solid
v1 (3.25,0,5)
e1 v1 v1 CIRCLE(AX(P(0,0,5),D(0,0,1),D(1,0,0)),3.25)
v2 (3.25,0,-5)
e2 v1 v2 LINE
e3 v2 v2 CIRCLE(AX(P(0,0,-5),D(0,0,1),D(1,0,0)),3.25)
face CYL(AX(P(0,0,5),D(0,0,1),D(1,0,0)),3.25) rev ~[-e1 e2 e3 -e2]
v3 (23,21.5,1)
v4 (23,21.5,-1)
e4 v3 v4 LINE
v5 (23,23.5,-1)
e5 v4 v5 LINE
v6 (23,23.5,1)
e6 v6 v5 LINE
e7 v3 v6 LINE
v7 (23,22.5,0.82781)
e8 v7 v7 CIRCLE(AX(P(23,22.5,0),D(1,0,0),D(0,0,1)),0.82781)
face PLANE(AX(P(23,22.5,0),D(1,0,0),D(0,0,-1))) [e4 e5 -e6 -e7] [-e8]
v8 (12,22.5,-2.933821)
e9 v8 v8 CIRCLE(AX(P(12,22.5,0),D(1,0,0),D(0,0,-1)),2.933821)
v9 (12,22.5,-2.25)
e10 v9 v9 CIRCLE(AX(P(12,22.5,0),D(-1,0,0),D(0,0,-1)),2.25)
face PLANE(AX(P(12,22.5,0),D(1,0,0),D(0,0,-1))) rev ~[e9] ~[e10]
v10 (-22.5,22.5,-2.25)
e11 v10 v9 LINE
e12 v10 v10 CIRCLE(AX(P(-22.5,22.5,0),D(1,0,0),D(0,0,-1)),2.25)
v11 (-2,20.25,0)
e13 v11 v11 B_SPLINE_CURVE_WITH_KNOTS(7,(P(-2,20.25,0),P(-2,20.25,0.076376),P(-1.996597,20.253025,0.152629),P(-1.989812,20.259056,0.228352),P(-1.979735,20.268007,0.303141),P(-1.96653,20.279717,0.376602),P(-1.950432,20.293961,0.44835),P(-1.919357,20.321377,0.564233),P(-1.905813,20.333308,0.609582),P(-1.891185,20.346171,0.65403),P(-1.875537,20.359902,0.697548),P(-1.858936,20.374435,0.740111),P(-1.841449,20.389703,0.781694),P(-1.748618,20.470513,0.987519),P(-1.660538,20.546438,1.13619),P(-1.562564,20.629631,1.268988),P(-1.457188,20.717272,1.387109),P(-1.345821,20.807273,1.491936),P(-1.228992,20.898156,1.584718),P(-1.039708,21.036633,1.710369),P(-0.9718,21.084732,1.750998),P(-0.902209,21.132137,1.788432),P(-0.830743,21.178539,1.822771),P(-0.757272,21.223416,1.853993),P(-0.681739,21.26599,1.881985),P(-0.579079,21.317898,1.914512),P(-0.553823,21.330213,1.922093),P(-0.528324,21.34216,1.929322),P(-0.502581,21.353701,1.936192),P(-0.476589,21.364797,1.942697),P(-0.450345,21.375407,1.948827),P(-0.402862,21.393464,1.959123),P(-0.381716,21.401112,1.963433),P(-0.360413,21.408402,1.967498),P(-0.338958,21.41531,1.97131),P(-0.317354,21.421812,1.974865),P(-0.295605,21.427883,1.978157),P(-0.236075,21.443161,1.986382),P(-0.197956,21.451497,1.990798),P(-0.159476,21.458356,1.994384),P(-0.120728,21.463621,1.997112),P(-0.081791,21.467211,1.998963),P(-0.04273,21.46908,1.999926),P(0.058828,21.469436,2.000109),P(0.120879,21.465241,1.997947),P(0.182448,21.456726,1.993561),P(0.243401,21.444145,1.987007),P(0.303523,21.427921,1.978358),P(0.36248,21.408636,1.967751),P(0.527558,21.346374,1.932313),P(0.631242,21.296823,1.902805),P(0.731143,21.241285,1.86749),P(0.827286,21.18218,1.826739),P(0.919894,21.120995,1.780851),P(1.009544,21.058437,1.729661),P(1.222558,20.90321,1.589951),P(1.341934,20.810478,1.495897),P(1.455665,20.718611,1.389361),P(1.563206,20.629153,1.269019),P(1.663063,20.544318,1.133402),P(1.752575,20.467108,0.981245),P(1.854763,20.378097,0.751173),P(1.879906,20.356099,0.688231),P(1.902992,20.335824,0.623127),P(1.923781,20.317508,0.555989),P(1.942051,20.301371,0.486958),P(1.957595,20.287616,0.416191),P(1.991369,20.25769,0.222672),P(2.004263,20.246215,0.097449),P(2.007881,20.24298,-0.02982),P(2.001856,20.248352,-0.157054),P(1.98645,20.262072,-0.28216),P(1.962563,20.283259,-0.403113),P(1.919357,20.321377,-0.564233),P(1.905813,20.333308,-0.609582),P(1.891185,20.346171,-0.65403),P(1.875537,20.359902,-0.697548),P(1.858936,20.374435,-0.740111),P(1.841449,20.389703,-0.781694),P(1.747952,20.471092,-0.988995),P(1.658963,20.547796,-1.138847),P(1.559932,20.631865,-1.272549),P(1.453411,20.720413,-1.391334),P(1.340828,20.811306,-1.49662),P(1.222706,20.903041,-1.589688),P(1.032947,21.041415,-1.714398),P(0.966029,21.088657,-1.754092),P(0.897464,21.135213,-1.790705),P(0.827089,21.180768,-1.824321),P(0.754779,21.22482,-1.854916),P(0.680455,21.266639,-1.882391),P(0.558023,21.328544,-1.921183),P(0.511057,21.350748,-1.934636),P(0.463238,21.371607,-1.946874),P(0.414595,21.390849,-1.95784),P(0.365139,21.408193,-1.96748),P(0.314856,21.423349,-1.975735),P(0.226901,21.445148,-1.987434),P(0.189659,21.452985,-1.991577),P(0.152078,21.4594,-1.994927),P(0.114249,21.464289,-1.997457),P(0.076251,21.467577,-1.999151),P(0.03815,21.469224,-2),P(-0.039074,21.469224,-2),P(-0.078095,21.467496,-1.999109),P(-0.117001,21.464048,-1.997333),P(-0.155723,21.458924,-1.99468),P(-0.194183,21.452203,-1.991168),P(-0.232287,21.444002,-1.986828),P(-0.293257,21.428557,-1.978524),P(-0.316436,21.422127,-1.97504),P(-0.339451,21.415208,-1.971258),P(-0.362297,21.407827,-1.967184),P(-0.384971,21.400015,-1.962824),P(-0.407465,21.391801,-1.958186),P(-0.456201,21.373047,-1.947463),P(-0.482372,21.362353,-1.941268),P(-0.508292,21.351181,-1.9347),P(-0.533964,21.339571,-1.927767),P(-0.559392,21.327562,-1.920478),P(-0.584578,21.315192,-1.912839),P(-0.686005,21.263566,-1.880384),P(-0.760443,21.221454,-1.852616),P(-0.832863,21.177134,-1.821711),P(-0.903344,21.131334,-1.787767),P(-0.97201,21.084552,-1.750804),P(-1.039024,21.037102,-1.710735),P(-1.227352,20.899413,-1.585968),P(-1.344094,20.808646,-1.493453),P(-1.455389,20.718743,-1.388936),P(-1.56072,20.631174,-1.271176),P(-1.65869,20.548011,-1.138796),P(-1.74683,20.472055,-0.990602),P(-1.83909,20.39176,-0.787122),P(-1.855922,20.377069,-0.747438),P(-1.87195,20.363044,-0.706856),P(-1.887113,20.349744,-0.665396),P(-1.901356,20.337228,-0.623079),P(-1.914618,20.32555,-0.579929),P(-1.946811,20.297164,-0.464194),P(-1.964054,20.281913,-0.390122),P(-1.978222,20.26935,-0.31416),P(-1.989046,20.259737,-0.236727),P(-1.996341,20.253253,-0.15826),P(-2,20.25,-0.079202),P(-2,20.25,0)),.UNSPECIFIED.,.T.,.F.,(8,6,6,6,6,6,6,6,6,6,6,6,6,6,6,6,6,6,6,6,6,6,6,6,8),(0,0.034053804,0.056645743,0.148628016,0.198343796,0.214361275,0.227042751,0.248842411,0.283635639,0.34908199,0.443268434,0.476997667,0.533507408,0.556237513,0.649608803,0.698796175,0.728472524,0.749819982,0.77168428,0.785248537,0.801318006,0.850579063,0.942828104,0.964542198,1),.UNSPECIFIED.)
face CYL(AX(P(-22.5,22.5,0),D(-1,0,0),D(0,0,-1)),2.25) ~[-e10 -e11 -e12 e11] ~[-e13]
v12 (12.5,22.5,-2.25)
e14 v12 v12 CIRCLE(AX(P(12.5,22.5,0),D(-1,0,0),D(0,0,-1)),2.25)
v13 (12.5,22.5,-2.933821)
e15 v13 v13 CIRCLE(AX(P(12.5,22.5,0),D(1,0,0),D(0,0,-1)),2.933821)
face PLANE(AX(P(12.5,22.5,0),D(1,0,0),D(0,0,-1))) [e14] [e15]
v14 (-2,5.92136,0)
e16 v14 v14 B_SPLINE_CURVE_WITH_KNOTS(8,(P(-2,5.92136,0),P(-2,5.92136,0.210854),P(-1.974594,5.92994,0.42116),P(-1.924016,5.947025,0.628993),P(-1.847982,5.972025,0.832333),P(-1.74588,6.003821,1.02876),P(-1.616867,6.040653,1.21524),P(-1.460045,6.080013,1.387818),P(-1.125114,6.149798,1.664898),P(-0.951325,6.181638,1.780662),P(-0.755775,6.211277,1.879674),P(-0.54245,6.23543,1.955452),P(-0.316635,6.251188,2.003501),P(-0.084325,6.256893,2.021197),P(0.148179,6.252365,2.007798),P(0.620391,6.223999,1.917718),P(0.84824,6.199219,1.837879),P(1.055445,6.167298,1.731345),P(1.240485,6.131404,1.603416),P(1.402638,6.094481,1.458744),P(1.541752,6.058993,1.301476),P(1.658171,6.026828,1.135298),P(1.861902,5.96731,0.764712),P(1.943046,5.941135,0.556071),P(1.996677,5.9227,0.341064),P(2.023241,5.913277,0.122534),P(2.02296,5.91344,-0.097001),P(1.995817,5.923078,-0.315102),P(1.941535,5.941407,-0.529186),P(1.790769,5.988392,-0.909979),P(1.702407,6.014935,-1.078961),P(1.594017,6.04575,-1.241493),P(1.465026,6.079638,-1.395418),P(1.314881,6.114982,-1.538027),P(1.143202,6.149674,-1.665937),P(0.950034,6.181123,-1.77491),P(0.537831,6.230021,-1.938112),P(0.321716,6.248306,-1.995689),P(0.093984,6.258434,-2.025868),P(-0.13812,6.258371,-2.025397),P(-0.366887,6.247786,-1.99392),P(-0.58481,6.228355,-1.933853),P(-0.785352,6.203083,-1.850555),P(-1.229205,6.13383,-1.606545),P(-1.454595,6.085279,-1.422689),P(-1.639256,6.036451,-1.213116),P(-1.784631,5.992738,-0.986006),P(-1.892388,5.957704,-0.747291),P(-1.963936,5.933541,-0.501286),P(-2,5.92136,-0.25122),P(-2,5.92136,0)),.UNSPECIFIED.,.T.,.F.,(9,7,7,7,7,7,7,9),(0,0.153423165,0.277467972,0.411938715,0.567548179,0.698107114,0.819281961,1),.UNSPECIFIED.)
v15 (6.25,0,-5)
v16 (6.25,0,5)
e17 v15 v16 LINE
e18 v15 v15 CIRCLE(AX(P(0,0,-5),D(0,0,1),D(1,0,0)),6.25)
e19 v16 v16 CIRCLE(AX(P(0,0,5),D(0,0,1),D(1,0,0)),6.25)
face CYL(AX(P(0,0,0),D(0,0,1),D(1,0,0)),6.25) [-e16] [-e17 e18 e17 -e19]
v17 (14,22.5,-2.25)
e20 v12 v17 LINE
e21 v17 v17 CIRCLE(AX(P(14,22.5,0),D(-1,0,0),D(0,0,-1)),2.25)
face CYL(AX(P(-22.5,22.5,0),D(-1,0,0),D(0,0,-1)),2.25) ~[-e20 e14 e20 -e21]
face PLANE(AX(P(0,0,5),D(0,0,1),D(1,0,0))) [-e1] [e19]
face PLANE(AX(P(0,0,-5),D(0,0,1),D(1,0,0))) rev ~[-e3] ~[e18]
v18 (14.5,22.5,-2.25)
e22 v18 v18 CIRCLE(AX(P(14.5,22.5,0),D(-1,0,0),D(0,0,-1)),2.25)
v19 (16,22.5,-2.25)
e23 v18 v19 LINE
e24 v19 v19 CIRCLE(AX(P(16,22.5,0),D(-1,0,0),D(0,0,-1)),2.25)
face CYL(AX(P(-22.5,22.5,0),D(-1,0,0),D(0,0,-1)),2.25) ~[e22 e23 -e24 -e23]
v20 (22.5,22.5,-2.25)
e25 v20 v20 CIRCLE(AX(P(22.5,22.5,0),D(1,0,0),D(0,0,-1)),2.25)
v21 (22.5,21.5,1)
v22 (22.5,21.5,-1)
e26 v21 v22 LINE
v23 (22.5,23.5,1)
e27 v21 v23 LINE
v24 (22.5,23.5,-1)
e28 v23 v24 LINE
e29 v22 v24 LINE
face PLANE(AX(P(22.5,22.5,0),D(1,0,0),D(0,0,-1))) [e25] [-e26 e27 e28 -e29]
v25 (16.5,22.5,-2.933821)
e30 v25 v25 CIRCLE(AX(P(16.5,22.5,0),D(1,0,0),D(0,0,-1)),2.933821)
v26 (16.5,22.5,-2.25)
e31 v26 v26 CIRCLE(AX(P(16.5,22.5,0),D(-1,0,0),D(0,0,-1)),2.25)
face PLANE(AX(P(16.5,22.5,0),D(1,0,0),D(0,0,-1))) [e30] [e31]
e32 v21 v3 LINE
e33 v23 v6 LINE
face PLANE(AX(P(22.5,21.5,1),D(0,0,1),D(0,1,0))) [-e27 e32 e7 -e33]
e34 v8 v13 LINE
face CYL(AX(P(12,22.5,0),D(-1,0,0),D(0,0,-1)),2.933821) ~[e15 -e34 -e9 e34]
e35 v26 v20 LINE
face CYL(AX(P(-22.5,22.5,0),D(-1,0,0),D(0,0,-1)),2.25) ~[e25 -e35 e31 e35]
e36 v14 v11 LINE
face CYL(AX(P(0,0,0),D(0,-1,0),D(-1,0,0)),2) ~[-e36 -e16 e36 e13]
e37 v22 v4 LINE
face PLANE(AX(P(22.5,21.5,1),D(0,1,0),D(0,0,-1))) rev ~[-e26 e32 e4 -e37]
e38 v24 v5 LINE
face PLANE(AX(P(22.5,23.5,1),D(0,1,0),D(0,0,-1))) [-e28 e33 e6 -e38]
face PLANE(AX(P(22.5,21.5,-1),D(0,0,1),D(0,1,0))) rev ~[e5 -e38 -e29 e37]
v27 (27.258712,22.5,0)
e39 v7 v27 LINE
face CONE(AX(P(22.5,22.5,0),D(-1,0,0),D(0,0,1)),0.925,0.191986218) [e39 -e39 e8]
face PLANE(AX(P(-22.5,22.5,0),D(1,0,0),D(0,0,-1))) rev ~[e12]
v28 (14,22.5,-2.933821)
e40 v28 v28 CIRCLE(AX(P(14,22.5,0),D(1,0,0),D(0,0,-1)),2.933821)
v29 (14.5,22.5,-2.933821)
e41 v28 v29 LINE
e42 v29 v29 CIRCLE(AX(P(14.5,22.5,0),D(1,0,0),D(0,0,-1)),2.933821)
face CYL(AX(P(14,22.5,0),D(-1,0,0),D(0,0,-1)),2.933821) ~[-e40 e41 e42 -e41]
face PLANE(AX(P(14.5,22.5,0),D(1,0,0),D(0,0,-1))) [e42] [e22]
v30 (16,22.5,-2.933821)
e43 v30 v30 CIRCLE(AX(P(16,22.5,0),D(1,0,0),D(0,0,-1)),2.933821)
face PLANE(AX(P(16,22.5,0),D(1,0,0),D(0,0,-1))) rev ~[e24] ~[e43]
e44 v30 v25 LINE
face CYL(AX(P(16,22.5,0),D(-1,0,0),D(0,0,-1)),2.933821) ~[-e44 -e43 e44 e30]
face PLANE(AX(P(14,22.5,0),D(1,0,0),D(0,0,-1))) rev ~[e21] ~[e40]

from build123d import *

# Parameters (mm, degrees)
SKETCH2_R           = 6.25
EXTRUDE1_DEPTH      = 5
SKETCH3_R           = 2
EXTRUDE2_DEPTH      = 22.5
EXTRUDE3_DEPTH      = 22.5
EXTRUDE3_DEPTH_BACK = 22.5
SKETCH4_R           = 2.25
SKETCH5_R           = 2.933820517
EXTRUDE4_DEPTH      = 0.5
LPATTERN1_COUNT     = 3
LPATTERN1_PITCH     = 2
SKETCH9_W           = 2
SKETCH9_H           = 2
EXTRUDE6_DEPTH      = 0.5
SKETCH7_R           = 3.25
CUT_EXTRUDE1_DEPTH  = 39.599438251


with BuildPart() as part:
    # Sketch2 → Extrude1 (new, symmetric)
    with BuildSketch(Plane.XY):
        Circle(SKETCH2_R)
    extrude(amount=EXTRUDE1_DEPTH, both=True)

    # Sketch3 → Extrude2 (add)
    with BuildSketch(Plane(origin=(0, 0, 0), x_dir=(-1, 0, 0), z_dir=(0, 1, 0))):
        Circle(SKETCH3_R)
    extrude(amount=EXTRUDE2_DEPTH)

    # Sketch4 → Extrude3 (add, two sides: drawn at the far end of the back side and taken through both)
    with BuildSketch(Plane(origin=(0, 0, 0), x_dir=(0, 0, -1), z_dir=(1, 0, 0)).offset(-EXTRUDE3_DEPTH_BACK)):
        with Locations((0, 22.5)):
            Circle(SKETCH4_R)
    extrude(amount=EXTRUDE3_DEPTH + EXTRUDE3_DEPTH_BACK)

    # Sketch5 → Extrude4 (add)
    with BuildSketch(Plane(origin=(12, 0, 0), x_dir=(0, 0, -1), z_dir=(1, 0, 0))):
        with Locations((0, 22.5)):
            Circle(SKETCH5_R)
    extrude4 = extrude(amount=EXTRUDE4_DEPTH)

    # LPattern1: Extrude4 ×3
    with Locations(*[(i * LPATTERN1_PITCH, 0, 0) for i in range(1, LPATTERN1_COUNT)]):
        add(extrude4)

    # Sketch9 → Extrude6 (add)
    with BuildSketch(Plane(origin=(22.5, 0, 0), x_dir=(0, 0, -1), z_dir=(1, 0, 0))):
        with Locations((0, 22.5)):
            Rectangle(SKETCH9_W, SKETCH9_H)
    extrude(amount=EXTRUDE6_DEPTH)

    # Extrude5 cone 1 section (through the dimple's axis) → Extrude5 (revolve)
    with BuildSketch(Plane(origin=(22.5, 22.5, 0), x_dir=(0, 0, 1), z_dir=(0, 1, 0))):
        Polygon((0, 0), (0.925, 0), (0, 4.758712465), align=None)
    revolve(axis=Axis((22.5, 22.5, 0), (1, 0, 0)))

    # Sketch7 → Cut-Extrude1 (cut, through all)
    with BuildSketch(Plane.XY.offset(5)):
        Circle(SKETCH7_R)
    extrude(amount=-CUT_EXTRUDE1_DEPTH, mode=Mode.SUBTRACT)


solid = part.part
